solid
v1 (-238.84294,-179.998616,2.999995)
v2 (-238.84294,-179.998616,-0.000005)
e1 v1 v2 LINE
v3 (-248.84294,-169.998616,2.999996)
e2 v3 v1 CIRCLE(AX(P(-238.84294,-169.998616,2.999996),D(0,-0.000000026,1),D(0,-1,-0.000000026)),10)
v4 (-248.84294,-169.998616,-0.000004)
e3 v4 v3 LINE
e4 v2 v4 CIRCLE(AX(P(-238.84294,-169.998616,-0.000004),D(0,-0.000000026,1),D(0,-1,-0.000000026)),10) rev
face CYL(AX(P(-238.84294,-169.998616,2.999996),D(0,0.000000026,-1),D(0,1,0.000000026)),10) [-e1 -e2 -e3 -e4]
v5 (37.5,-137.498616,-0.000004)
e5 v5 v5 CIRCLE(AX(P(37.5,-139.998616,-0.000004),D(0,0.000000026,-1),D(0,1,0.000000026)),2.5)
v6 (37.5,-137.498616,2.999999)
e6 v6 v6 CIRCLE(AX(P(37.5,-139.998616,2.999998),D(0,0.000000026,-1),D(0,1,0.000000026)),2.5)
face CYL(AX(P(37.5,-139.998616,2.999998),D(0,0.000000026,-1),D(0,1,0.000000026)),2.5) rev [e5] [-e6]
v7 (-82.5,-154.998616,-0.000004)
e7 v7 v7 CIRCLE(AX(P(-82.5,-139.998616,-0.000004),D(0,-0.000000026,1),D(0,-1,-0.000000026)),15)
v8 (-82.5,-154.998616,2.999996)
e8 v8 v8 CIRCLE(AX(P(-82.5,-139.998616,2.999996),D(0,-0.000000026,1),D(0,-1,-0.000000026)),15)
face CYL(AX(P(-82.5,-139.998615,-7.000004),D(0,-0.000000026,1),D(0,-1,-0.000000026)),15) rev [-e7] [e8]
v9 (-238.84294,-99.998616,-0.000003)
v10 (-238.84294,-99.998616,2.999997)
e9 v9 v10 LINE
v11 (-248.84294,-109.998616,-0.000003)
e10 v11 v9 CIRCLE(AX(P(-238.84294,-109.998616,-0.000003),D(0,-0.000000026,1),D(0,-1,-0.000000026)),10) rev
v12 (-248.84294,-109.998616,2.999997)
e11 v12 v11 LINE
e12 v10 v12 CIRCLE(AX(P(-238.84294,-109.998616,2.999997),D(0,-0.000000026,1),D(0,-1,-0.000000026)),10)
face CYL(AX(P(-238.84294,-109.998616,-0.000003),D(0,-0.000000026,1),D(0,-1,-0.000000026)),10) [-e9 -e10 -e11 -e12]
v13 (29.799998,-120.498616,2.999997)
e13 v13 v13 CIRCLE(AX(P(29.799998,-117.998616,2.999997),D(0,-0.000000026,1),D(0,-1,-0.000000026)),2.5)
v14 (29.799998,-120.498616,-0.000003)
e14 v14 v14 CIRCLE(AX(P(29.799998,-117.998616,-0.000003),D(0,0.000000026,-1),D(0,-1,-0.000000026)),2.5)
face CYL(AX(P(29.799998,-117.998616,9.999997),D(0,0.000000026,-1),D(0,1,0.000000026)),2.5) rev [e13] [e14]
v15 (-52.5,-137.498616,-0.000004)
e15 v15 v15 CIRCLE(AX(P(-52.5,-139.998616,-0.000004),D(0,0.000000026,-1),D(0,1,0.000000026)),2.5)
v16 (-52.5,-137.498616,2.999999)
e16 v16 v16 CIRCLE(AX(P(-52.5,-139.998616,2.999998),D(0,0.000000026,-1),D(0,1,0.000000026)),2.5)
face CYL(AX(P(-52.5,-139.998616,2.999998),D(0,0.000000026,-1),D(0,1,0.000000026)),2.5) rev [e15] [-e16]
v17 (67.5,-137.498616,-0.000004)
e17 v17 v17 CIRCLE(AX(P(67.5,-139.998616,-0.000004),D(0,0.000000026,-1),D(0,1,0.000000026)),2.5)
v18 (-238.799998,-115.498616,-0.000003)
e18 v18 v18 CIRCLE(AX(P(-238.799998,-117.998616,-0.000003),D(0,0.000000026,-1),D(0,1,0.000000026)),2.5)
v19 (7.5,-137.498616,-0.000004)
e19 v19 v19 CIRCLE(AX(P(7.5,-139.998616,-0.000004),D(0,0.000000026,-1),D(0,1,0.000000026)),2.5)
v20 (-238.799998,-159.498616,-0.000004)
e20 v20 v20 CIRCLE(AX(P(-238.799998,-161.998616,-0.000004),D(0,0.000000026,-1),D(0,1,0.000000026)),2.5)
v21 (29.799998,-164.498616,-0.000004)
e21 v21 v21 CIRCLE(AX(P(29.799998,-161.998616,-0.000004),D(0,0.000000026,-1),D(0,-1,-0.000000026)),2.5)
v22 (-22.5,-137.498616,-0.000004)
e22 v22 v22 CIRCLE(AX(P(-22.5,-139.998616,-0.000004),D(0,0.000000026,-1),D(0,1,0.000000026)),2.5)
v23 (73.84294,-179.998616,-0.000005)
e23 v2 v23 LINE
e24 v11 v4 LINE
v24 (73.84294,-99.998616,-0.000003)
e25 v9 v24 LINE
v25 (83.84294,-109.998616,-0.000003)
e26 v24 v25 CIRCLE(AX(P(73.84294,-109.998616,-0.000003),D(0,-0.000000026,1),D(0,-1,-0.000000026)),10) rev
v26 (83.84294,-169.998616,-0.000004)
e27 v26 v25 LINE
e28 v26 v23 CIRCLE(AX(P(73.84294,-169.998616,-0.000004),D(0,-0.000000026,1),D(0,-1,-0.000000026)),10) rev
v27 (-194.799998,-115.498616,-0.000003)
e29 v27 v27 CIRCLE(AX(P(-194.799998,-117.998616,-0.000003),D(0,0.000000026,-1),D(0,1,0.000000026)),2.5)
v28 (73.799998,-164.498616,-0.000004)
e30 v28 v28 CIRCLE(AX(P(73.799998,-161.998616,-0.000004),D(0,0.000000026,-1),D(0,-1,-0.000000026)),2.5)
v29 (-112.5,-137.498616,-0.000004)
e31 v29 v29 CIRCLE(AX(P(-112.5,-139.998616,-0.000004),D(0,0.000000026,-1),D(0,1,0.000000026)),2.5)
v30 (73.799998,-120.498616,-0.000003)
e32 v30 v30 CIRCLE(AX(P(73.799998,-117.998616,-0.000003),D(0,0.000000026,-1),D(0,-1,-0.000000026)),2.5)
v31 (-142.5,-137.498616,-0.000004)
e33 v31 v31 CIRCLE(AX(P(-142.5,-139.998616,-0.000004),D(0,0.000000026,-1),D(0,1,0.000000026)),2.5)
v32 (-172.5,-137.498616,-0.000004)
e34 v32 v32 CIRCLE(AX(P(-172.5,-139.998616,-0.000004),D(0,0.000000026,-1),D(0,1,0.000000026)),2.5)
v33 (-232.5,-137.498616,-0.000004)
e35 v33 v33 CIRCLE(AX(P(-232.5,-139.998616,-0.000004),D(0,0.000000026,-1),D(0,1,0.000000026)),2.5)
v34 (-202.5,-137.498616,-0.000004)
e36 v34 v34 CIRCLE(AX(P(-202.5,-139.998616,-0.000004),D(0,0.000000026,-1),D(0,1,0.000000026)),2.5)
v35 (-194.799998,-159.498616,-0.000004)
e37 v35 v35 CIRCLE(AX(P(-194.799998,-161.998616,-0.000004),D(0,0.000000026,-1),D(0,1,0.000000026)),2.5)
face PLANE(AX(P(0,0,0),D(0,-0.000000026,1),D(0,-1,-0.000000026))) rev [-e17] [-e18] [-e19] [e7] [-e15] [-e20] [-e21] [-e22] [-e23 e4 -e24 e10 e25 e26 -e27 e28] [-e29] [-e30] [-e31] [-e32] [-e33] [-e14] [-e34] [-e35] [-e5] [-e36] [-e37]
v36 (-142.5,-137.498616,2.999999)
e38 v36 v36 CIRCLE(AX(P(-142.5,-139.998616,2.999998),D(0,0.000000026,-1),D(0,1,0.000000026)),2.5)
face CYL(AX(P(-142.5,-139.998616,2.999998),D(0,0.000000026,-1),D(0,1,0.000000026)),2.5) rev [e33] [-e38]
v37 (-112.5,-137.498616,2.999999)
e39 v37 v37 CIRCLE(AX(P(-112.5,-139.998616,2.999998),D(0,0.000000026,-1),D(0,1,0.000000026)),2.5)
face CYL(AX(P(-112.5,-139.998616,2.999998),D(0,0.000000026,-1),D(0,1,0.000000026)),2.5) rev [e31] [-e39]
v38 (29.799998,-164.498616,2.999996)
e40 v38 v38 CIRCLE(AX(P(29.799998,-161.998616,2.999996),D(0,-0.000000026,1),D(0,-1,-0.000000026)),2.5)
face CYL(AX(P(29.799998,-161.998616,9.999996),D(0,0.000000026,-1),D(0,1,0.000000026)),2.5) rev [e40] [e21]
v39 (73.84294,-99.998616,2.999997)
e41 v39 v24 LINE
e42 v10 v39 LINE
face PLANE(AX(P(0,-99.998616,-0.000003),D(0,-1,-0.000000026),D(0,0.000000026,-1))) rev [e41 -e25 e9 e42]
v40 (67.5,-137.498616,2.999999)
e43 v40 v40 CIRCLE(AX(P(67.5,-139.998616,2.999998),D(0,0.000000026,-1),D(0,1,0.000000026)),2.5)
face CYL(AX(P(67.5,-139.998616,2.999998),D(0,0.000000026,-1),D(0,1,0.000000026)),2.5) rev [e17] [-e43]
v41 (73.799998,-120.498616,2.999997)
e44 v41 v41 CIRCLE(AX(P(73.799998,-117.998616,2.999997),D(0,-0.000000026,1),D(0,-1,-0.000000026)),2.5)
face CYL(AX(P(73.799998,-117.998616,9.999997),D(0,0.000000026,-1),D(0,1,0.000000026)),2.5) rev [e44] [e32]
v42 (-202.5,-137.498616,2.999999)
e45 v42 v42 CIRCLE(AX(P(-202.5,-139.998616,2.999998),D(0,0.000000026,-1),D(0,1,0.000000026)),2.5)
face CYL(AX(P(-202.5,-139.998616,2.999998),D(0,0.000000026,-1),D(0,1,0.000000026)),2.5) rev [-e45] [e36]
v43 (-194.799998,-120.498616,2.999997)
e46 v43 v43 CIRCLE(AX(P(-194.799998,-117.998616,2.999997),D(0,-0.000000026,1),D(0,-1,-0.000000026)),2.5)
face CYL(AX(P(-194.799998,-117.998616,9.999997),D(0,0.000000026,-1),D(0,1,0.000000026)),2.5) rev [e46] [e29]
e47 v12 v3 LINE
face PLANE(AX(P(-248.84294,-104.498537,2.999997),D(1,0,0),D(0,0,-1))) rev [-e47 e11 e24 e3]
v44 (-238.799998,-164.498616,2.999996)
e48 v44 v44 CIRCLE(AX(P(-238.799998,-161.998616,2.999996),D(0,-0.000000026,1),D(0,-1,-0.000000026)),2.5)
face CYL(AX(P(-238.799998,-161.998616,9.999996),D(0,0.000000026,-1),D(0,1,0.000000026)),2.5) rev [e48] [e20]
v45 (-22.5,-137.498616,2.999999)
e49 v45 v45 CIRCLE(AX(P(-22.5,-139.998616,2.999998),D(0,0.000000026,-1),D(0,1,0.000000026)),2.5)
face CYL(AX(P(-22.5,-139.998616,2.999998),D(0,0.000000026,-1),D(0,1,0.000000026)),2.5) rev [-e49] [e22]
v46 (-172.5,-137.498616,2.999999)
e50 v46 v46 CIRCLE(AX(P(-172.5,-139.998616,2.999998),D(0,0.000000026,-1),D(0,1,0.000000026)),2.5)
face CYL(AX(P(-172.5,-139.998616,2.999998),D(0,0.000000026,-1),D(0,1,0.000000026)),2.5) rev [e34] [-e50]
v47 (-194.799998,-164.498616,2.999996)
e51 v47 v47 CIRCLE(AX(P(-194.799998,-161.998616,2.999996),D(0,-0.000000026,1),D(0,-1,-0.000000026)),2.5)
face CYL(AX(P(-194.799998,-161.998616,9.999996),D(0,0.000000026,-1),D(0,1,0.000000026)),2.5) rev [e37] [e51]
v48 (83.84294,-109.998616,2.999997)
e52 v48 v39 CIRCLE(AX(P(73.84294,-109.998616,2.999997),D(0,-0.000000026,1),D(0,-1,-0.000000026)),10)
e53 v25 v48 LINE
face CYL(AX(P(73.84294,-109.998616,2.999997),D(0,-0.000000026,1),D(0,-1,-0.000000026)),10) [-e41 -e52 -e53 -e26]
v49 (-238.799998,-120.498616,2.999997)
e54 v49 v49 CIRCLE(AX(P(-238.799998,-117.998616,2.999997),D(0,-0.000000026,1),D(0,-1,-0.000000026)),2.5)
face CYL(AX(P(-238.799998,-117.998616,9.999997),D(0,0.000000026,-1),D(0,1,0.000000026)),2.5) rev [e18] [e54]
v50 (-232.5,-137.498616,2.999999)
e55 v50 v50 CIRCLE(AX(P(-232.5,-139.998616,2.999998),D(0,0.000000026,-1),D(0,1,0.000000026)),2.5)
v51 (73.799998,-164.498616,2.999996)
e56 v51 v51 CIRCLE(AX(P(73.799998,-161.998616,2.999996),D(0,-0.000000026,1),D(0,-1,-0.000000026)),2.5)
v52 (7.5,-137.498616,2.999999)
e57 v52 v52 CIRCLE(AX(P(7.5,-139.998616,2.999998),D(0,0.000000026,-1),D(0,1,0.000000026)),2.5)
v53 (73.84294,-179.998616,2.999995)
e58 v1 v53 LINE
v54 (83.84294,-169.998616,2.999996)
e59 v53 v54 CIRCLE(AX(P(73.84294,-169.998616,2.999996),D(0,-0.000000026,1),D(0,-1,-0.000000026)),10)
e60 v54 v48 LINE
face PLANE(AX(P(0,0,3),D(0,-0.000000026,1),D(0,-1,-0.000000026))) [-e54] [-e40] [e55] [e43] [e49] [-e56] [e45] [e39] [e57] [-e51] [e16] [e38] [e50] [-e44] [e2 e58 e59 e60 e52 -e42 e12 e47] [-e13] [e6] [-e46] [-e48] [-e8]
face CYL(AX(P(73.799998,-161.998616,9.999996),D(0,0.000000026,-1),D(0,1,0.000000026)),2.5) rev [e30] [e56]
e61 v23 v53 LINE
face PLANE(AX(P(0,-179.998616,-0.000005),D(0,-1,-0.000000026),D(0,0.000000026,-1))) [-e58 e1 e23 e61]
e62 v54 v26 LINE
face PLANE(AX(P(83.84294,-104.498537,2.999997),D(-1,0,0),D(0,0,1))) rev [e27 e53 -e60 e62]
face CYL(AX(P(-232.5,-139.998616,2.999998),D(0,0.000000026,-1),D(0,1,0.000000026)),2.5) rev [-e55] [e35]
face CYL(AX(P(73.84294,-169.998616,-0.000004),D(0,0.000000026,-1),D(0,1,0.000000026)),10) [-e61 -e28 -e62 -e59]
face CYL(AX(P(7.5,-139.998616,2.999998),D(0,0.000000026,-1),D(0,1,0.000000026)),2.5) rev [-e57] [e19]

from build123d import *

# Parameters (mm, degrees)
SKETCH_2_W          = 332.68587988
SKETCH_2_H          = 71.0001569
EXTRUDE_1_DEPTH     = 3
SKETCH_6_R          = 15
CUT_EXTRUDE_1_DEPTH = 10
SKETCH_7_R          = 2.5
CUT_EXTRUDE_2_DEPTH = 10
SKETCH_8_W          = 332.68587988
SKETCH_8_H          = 4.49992155
EXTRUDE_2_DEPTH     = 3
FILLET_1_R          = 10
SKETCH_9_R          = 2.5
CUT_EXTRUDE_3_DEPTH = 308.13402677


with BuildPart() as part:
    # 草图2 → 凸台-拉伸1 (new body)
    with BuildSketch(Plane(origin=(0, 0, 0), x_dir=(1, 0, 0), z_dir=(0, -2.59377104206923e-08, 0.9999999999999998))):
        with Locations((-82.5, -139.998615632)):
            Rectangle(SKETCH_2_W, SKETCH_2_H)
    extrude(amount=EXTRUDE_1_DEPTH)

    # 草图6 → 切除-拉伸1 (cut)
    with BuildSketch(Plane(origin=(0, -7.8e-08, 3), x_dir=(1, 0, 0), z_dir=(0, -2.5937710420692294e-08, 0.9999999999999998))):
        with Locations(Location((-82.5, -139.998615632, 0), (0, 0, 270))):
            Circle(SKETCH_6_R)
    extrude(amount=-CUT_EXTRUDE_1_DEPTH, mode=Mode.SUBTRACT)

    # 草图7 → 切除-拉伸2 (cut)
    with BuildSketch(Plane(origin=(0, 0, 0), x_dir=(-1, 0, 0), z_dir=(0, 2.5937710420692294e-08, -0.9999999999999998))):
        with Locations(Location((238.799997941, -117.998615632, 0), (0, 0, 90))):
            Circle(SKETCH_7_R)
        with Locations(Location((194.799997941, -117.998615632, 0), (0, 0, 90))):
            Circle(SKETCH_7_R)
        with Locations(Location((194.79999794, -161.998615632, 0), (0, 0, 90))):
            Circle(SKETCH_7_R)
        with Locations(Location((238.799997941, -161.998615632, 0), (0, 0, 90))):
            Circle(SKETCH_7_R)
        with Locations(Location((-73.79999794, -161.998615632, 0), (0, 0, 270))):
            Circle(SKETCH_7_R)
        with Locations(Location((-29.79999794, -161.998615632, 0), (0, 0, 270))):
            Circle(SKETCH_7_R)
        with Locations(Location((-29.79999794, -117.998615632, 0), (0, 0, 270))):
            Circle(SKETCH_7_R)
        with Locations(Location((-73.79999794, -117.998615632, 0), (0, 0, 270))):
            Circle(SKETCH_7_R)
    extrude(amount=-CUT_EXTRUDE_2_DEPTH, mode=Mode.SUBTRACT)

    # 草图8 → 凸台-拉伸2 (add)
    with BuildSketch(Plane(origin=(0, -7.8e-08, 3), x_dir=(1, 0, 0), z_dir=(0, -2.5937710420692294e-08, 0.9999999999999998))):
        with Locations((-82.5, -102.248576407)):
            Rectangle(SKETCH_8_W, SKETCH_8_H)
        with Locations((-82.5, -177.748654857)):
            Rectangle(SKETCH_8_W, SKETCH_8_H)
    extrude(amount=-EXTRUDE_2_DEPTH)

    # 圆角1
    fillet_1_edges = [part.edges().sort_by_distance(p)[0] for p in [
        (-248.84293994, -99.998615671, 1.499997406),
        (83.84293994, -99.998615671, 1.499997406),
        (83.84293994, -179.998615671, 1.499995331),
        (-248.84293994, -179.998615671, 1.499995331),
    ]]
    fillet(fillet_1_edges, radius=FILLET_1_R)

    # 草图9 → 切除-拉伸3 (cut, through all)
    with BuildSketch(Plane(origin=(0, 0, 0), x_dir=(-1, 0, 0), z_dir=(0, 2.5937710420692294e-08, -0.9999999999999998))):
        with Locations(Location((202.5, -139.998615632, 0), (0, 0, 90))):
            Circle(SKETCH_9_R)
        with Locations(Location((172.5, -139.998615632, 0), (0, 0, 90))):
            Circle(SKETCH_9_R)
        with Locations(Location((142.5, -139.998615632, 0), (0, 0, 90))):
            Circle(SKETCH_9_R)
        with Locations(Location((112.5, -139.998615632, 0), (0, 0, 90))):
            Circle(SKETCH_9_R)
        with Locations(Location((52.5, -139.998615632, 0), (0, 0, 90))):
            Circle(SKETCH_9_R)
        with Locations(Location((22.5, -139.998615632, 0), (0, 0, 90))):
            Circle(SKETCH_9_R)
        with Locations(Location((-7.5, -139.998615632, 0), (0, 0, 90))):
            Circle(SKETCH_9_R)
        with Locations(Location((-37.5, -139.998615632, 0), (0, 0, 90))):
            Circle(SKETCH_9_R)
        with Locations(Location((-67.5, -139.998615632, 0), (0, 0, 90))):
            Circle(SKETCH_9_R)
        with Locations(Location((232.5, -139.998615632, 0), (0, 0, 90))):
            Circle(SKETCH_9_R)
    extrude(amount=-CUT_EXTRUDE_3_DEPTH, mode=Mode.SUBTRACT)


solid = part.part
